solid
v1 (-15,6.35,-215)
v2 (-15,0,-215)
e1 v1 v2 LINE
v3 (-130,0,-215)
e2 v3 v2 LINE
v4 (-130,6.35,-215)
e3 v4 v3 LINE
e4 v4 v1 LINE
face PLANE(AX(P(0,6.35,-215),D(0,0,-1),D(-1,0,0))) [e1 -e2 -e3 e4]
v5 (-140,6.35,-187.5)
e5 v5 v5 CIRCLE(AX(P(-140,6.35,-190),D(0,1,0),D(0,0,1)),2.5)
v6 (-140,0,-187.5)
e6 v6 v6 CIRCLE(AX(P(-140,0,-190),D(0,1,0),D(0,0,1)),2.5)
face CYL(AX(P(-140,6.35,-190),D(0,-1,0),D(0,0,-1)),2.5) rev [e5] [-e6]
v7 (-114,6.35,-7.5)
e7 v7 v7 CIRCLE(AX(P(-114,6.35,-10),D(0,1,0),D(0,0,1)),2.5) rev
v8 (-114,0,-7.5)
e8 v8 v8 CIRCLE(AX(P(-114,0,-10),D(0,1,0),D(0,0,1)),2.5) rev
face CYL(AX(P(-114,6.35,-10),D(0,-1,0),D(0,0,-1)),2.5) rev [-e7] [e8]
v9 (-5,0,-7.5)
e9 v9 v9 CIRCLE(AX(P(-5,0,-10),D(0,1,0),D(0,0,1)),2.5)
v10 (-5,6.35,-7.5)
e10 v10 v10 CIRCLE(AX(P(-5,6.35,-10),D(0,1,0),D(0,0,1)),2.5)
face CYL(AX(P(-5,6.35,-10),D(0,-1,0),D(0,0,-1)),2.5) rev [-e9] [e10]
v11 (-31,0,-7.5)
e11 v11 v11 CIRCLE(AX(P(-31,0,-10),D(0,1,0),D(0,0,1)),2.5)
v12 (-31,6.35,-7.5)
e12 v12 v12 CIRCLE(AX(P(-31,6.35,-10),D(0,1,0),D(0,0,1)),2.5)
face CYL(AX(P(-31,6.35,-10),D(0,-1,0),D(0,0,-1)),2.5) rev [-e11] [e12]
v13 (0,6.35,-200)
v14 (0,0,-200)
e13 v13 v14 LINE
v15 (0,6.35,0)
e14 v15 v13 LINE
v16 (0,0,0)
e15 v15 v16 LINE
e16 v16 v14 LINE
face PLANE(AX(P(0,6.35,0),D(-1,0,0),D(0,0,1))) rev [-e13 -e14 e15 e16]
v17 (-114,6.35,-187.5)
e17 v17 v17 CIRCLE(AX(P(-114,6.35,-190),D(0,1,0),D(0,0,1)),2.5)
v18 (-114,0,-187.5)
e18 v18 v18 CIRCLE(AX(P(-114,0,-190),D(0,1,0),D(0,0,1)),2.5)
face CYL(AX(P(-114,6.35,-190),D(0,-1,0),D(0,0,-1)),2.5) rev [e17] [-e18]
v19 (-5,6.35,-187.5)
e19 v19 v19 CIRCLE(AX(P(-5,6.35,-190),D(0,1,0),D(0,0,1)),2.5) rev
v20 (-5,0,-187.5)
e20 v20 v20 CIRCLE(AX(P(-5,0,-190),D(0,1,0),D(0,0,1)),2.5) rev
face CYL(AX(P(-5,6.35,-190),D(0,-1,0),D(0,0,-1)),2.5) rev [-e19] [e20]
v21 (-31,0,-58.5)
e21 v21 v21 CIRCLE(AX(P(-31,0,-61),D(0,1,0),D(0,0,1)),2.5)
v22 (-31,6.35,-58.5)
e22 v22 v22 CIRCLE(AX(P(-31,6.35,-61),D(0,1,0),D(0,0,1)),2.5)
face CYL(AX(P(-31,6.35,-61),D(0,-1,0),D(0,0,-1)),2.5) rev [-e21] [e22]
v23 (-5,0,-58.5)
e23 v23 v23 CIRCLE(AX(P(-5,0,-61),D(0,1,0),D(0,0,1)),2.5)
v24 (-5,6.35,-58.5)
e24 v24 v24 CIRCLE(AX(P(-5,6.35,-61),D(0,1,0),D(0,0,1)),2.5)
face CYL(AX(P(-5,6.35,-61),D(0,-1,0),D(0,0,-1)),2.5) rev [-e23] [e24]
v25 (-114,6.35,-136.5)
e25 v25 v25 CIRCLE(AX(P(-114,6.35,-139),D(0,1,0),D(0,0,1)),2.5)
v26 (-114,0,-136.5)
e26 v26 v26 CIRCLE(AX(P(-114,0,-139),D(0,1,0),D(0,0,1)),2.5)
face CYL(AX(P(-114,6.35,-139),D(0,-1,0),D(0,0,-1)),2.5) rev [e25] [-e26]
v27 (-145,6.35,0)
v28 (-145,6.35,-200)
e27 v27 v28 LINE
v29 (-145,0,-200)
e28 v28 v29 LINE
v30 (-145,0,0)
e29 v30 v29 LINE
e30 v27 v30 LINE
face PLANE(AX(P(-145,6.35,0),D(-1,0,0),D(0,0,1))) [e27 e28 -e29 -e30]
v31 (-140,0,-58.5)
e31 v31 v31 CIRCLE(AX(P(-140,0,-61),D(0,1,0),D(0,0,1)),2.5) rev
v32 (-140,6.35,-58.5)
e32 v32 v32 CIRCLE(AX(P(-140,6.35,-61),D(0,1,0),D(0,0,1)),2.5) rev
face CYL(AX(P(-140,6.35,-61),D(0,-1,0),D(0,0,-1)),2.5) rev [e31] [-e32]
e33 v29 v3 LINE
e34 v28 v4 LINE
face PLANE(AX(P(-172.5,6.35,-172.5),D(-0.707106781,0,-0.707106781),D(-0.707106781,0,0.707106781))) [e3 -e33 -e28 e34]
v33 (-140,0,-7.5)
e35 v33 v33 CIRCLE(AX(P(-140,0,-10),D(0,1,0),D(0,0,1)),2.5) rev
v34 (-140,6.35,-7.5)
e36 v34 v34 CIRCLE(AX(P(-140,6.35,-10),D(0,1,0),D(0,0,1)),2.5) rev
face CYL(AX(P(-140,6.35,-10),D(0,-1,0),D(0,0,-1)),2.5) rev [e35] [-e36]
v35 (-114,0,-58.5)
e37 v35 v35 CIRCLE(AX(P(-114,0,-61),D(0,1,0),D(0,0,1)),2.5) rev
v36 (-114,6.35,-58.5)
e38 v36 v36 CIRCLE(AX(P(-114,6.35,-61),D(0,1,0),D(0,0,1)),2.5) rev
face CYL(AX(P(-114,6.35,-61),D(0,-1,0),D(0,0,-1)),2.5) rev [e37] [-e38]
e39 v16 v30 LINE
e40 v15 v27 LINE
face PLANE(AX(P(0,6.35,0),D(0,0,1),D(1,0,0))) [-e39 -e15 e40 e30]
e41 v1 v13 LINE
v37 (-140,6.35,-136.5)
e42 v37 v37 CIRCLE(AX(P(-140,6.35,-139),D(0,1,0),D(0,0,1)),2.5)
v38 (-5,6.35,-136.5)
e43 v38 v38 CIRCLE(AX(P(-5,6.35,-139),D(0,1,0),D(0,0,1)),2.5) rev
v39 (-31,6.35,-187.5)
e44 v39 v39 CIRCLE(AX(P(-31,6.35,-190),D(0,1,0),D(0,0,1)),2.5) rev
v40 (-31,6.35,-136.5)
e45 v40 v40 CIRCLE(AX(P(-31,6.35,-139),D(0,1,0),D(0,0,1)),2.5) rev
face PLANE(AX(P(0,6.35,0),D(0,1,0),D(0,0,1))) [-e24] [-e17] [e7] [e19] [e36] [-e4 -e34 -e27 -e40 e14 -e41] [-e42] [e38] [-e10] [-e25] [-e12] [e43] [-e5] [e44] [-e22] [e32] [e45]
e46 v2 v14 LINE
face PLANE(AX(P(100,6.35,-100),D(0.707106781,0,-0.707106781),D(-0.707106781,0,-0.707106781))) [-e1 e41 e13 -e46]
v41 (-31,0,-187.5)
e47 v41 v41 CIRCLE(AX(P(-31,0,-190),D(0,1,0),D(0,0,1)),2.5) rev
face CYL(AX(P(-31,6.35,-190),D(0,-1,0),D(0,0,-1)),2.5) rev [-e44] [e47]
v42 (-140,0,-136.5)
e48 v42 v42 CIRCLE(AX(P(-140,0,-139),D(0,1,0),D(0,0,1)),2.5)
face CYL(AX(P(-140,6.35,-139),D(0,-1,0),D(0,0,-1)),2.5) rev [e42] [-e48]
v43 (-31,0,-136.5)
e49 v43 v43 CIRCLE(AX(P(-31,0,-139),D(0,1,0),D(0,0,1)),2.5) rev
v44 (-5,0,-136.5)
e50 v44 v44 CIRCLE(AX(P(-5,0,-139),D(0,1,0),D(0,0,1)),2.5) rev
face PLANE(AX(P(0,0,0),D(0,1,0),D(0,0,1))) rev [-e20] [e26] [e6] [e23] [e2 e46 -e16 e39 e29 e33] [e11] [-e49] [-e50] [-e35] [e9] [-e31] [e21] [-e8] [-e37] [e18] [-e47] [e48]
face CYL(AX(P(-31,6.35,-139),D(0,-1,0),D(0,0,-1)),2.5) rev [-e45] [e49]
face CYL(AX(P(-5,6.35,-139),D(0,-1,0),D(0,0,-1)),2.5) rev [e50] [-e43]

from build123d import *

# Parameters (mm, degrees)
SKETCH1_R           = 2.5
BOSS_EXTRUDE1_DEPTH = 6.35


with BuildPart() as part:
    # Sketch1 → Boss-Extrude1 (new body)
    with BuildSketch(Plane(origin=(0, 0, 0), x_dir=(1, 0, 0), z_dir=(0, 1, 0))):
        Polygon((-145, 200), (-130, 215), (-15, 215), (0, 200), (0, 0), (-145, 0), align=None)
        with Locations(Location((-140, 190, 0), (0, 0, 270))):
            Circle(SKETCH1_R, mode=Mode.SUBTRACT)
        with Locations(Location((-114, 190, 0), (0, 0, 270))):
            Circle(SKETCH1_R, mode=Mode.SUBTRACT)
        with Locations(Location((-140, 139, 0), (0, 0, 270))):
            Circle(SKETCH1_R, mode=Mode.SUBTRACT)
        with Locations(Location((-114, 139, 0), (0, 0, 270))):
            Circle(SKETCH1_R, mode=Mode.SUBTRACT)
        with Locations(Location((-31, 190, 0), (0, 0, 270))):
            Circle(SKETCH1_R, mode=Mode.SUBTRACT)
        with Locations(Location((-5, 190, 0), (0, 0, 270))):
            Circle(SKETCH1_R, mode=Mode.SUBTRACT)
        with Locations(Location((-5, 139, 0), (0, 0, 270))):
            Circle(SKETCH1_R, mode=Mode.SUBTRACT)
        with Locations(Location((-31, 139, 0), (0, 0, 270))):
            Circle(SKETCH1_R, mode=Mode.SUBTRACT)
        with Locations(Location((-5, 10, 0), (0, 0, 270))):
            Circle(SKETCH1_R, mode=Mode.SUBTRACT)
        with Locations(Location((-5, 61, 0), (0, 0, 270))):
            Circle(SKETCH1_R, mode=Mode.SUBTRACT)
        with Locations(Location((-31, 61, 0), (0, 0, 270))):
            Circle(SKETCH1_R, mode=Mode.SUBTRACT)
        with Locations(Location((-31, 10, 0), (0, 0, 270))):
            Circle(SKETCH1_R, mode=Mode.SUBTRACT)
        with Locations(Location((-114, 10, 0), (0, 0, 270))):
            Circle(SKETCH1_R, mode=Mode.SUBTRACT)
        with Locations(Location((-114, 61, 0), (0, 0, 270))):
            Circle(SKETCH1_R, mode=Mode.SUBTRACT)
        with Locations(Location((-140, 10, 0), (0, 0, 270))):
            Circle(SKETCH1_R, mode=Mode.SUBTRACT)
        with Locations(Location((-140, 61, 0), (0, 0, 270))):
            Circle(SKETCH1_R, mode=Mode.SUBTRACT)
    extrude(amount=BOSS_EXTRUDE1_DEPTH)


solid = part.part
